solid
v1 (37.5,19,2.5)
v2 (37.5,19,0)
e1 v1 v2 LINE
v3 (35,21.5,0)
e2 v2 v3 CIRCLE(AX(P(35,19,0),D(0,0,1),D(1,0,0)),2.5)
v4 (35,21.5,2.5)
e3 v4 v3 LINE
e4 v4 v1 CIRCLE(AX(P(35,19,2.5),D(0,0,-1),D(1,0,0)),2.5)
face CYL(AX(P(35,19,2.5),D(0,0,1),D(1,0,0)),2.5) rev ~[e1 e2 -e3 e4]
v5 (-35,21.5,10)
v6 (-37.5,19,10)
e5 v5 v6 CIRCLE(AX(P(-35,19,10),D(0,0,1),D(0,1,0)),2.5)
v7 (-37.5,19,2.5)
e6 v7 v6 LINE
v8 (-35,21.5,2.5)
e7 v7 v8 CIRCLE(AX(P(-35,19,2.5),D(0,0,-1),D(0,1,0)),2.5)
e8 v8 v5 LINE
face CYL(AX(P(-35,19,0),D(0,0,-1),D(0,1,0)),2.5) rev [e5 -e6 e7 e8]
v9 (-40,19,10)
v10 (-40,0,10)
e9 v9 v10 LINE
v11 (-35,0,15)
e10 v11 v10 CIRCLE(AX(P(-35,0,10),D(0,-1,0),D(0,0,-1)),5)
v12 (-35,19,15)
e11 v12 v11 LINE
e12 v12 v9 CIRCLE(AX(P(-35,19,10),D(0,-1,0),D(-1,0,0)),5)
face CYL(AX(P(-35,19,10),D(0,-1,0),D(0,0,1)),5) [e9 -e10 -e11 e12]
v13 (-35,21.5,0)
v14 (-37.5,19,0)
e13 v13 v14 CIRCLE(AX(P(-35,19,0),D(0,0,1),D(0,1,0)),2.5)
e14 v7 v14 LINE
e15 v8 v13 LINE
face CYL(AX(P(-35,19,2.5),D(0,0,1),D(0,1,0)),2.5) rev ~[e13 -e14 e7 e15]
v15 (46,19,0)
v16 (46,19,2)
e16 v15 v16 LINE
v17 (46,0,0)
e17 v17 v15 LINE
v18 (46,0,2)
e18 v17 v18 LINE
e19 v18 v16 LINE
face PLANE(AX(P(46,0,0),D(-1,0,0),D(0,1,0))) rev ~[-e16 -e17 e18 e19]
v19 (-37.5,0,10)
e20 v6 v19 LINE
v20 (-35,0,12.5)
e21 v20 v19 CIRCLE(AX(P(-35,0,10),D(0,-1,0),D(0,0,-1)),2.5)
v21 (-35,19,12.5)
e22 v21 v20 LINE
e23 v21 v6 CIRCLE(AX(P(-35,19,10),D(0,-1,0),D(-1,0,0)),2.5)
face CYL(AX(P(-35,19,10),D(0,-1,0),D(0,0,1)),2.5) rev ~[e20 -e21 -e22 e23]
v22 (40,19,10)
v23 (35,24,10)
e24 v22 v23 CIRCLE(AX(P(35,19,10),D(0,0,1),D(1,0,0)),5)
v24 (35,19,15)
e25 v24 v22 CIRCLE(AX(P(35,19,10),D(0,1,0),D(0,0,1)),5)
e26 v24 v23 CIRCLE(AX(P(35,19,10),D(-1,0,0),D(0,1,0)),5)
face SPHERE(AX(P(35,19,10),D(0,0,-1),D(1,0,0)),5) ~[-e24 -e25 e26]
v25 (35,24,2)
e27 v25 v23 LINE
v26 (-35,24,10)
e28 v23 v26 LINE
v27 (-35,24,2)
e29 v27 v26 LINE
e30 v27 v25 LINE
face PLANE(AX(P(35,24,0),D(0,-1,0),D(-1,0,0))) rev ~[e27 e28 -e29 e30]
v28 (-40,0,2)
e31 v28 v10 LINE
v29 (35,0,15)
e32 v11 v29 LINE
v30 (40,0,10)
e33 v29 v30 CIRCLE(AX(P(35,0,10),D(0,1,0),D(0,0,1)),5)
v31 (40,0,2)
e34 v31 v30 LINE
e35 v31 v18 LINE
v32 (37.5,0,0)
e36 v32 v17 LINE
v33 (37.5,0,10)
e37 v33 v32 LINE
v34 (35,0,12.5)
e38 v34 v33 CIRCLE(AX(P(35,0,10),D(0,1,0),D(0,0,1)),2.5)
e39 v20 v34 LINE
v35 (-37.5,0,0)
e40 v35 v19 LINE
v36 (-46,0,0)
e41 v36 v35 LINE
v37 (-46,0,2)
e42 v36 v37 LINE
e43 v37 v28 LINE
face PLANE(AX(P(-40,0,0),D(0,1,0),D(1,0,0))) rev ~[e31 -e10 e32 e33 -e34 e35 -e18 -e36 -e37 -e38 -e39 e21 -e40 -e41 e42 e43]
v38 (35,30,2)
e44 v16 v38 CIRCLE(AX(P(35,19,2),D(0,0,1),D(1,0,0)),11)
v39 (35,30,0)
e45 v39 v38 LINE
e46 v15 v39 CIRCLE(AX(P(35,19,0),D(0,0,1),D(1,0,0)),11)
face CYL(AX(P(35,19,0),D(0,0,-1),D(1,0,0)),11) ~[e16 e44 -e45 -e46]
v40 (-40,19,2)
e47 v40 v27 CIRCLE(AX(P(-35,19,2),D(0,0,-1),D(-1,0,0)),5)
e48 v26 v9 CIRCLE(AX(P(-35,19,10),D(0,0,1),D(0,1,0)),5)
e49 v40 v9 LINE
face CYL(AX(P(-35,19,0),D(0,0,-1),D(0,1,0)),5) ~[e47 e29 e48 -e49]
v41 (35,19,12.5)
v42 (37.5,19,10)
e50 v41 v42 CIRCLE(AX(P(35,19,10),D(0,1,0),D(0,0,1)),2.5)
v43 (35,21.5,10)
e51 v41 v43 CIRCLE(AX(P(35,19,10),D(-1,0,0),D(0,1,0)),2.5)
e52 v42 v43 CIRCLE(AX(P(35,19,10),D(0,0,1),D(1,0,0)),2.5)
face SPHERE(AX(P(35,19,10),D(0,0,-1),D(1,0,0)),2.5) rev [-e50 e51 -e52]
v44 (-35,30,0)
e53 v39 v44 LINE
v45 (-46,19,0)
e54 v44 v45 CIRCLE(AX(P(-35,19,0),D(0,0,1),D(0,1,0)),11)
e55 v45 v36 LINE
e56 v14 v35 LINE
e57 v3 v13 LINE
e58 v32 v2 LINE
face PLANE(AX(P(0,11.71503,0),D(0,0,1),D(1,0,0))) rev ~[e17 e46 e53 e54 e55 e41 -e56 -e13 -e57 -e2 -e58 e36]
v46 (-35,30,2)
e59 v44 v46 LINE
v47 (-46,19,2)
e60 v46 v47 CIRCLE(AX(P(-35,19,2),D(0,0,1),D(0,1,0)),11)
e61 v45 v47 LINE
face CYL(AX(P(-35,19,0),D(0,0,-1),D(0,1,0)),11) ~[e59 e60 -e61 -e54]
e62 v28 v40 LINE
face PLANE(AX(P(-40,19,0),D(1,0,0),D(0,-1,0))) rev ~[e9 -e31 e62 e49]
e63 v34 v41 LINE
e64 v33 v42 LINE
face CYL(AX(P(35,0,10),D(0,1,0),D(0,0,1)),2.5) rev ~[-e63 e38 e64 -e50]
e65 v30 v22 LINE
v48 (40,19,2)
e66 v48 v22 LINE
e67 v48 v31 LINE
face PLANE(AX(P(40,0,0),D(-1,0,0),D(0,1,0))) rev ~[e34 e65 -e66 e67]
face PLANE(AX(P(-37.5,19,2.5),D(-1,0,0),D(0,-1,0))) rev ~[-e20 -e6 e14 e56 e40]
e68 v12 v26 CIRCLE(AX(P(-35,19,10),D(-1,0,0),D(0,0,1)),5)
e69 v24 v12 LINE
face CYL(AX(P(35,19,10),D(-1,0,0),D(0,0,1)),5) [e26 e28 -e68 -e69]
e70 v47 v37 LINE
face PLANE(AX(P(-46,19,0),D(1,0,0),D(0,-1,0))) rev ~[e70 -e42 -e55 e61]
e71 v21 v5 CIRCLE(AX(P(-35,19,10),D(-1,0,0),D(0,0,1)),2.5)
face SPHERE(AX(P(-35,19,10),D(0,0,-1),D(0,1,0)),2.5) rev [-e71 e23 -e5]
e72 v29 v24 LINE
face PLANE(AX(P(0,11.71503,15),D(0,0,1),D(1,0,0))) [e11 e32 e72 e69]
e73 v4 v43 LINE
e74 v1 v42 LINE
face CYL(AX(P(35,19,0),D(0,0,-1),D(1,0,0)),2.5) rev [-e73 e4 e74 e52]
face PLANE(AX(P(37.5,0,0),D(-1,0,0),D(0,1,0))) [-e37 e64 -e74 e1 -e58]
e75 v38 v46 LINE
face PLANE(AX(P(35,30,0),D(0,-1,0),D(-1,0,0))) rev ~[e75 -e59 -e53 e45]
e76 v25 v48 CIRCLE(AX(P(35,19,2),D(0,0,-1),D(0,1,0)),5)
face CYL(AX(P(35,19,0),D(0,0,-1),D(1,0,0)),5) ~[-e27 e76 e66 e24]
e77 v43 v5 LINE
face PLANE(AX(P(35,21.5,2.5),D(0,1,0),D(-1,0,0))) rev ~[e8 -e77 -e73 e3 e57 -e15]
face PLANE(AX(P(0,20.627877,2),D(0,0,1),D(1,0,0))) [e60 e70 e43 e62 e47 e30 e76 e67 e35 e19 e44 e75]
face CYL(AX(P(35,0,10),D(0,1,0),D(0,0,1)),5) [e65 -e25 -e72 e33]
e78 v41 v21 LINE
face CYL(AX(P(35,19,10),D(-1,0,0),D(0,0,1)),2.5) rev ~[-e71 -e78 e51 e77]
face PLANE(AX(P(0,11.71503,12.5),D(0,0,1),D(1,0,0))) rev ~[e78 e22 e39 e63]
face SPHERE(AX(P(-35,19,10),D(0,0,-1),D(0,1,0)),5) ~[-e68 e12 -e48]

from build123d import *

# Parameters (mm, degrees)
F1_DEPTH = 2
F3_DEPTH = 15
F4_R     = 5
F5_T     = -2.5
F7_DEPTH = 25


with BuildPart() as f1:
    # F0 (on Top) → F1 (new body)
    with BuildSketch(Plane.XY):
        with BuildLine():
            Line((-46, 19), (-46, 0))
            Line((-46, 0), (-40, 0))
            Line((-40, 0), (-40, 19))
            ThreePointArc((-40, 19), (-38.5355339059, 22.5355339059), (-35, 24))
            Line((-35, 24), (35, 24))
            ThreePointArc((35, 24), (38.5355339059, 22.5355339059), (40, 19))
            Line((40, 19), (40, 0))
            Line((40, 0), (46, 0))
            Line((46, 0), (46, 19))
            ThreePointArc((46, 19), (42.7781745931, 26.7781745931), (35, 30))
            Line((35, 30), (-35, 30))
            ThreePointArc((-35, 30), (-42.7781745931, 26.7781745931), (-46, 19))
        make_face()
    extrude(amount=F1_DEPTH)

    # F2 (on Top) → F3 (join)
    with BuildSketch(Plane.XY):
        with BuildLine():
            Line((-40, 0), (40, 0))
            Line((40, 0), (40, 19))
            ThreePointArc((40, 19), (38.5355339059, 22.5355339059), (35, 24))
            Line((35, 24), (-35, 24))
            ThreePointArc((-35, 24), (-38.5355339059, 22.5355339059), (-40, 19))
            Line((-40, 19), (-40, 0))
        make_face()
    extrude(amount=F3_DEPTH)

    # F4
    f4_edges = [f1.edges().sort_by_distance(p)[0] for p in [
        (-40, 9.5, 15),
    ]]
    fillet(f4_edges, radius=F4_R)

    # F5
    f5_openings = [f1.faces().sort_by_distance(p)[0] for p in [
        (0, 0, 7.31497),
    ]]
    offset(amount=F5_T, openings=f5_openings)

    # F6 (on face) → F7 (cut)
    with BuildSketch(Plane.XY.offset(2.5)):
        with BuildLine():
            ThreePointArc((37.5, 19), (36.767766953, 20.767766953), (35, 21.5))
            Line((35, 21.5), (-35, 21.5))
            ThreePointArc((-35, 21.5), (-36.767766953, 20.767766953), (-37.5, 19))
            Line((-37.5, 19), (-37.5, 0))
            Line((-37.5, 0), (37.5, 0))
            Line((37.5, 0), (37.5, 19))
        make_face()
    extrude(amount=-F7_DEPTH, mode=Mode.SUBTRACT)


solid = f1.part
